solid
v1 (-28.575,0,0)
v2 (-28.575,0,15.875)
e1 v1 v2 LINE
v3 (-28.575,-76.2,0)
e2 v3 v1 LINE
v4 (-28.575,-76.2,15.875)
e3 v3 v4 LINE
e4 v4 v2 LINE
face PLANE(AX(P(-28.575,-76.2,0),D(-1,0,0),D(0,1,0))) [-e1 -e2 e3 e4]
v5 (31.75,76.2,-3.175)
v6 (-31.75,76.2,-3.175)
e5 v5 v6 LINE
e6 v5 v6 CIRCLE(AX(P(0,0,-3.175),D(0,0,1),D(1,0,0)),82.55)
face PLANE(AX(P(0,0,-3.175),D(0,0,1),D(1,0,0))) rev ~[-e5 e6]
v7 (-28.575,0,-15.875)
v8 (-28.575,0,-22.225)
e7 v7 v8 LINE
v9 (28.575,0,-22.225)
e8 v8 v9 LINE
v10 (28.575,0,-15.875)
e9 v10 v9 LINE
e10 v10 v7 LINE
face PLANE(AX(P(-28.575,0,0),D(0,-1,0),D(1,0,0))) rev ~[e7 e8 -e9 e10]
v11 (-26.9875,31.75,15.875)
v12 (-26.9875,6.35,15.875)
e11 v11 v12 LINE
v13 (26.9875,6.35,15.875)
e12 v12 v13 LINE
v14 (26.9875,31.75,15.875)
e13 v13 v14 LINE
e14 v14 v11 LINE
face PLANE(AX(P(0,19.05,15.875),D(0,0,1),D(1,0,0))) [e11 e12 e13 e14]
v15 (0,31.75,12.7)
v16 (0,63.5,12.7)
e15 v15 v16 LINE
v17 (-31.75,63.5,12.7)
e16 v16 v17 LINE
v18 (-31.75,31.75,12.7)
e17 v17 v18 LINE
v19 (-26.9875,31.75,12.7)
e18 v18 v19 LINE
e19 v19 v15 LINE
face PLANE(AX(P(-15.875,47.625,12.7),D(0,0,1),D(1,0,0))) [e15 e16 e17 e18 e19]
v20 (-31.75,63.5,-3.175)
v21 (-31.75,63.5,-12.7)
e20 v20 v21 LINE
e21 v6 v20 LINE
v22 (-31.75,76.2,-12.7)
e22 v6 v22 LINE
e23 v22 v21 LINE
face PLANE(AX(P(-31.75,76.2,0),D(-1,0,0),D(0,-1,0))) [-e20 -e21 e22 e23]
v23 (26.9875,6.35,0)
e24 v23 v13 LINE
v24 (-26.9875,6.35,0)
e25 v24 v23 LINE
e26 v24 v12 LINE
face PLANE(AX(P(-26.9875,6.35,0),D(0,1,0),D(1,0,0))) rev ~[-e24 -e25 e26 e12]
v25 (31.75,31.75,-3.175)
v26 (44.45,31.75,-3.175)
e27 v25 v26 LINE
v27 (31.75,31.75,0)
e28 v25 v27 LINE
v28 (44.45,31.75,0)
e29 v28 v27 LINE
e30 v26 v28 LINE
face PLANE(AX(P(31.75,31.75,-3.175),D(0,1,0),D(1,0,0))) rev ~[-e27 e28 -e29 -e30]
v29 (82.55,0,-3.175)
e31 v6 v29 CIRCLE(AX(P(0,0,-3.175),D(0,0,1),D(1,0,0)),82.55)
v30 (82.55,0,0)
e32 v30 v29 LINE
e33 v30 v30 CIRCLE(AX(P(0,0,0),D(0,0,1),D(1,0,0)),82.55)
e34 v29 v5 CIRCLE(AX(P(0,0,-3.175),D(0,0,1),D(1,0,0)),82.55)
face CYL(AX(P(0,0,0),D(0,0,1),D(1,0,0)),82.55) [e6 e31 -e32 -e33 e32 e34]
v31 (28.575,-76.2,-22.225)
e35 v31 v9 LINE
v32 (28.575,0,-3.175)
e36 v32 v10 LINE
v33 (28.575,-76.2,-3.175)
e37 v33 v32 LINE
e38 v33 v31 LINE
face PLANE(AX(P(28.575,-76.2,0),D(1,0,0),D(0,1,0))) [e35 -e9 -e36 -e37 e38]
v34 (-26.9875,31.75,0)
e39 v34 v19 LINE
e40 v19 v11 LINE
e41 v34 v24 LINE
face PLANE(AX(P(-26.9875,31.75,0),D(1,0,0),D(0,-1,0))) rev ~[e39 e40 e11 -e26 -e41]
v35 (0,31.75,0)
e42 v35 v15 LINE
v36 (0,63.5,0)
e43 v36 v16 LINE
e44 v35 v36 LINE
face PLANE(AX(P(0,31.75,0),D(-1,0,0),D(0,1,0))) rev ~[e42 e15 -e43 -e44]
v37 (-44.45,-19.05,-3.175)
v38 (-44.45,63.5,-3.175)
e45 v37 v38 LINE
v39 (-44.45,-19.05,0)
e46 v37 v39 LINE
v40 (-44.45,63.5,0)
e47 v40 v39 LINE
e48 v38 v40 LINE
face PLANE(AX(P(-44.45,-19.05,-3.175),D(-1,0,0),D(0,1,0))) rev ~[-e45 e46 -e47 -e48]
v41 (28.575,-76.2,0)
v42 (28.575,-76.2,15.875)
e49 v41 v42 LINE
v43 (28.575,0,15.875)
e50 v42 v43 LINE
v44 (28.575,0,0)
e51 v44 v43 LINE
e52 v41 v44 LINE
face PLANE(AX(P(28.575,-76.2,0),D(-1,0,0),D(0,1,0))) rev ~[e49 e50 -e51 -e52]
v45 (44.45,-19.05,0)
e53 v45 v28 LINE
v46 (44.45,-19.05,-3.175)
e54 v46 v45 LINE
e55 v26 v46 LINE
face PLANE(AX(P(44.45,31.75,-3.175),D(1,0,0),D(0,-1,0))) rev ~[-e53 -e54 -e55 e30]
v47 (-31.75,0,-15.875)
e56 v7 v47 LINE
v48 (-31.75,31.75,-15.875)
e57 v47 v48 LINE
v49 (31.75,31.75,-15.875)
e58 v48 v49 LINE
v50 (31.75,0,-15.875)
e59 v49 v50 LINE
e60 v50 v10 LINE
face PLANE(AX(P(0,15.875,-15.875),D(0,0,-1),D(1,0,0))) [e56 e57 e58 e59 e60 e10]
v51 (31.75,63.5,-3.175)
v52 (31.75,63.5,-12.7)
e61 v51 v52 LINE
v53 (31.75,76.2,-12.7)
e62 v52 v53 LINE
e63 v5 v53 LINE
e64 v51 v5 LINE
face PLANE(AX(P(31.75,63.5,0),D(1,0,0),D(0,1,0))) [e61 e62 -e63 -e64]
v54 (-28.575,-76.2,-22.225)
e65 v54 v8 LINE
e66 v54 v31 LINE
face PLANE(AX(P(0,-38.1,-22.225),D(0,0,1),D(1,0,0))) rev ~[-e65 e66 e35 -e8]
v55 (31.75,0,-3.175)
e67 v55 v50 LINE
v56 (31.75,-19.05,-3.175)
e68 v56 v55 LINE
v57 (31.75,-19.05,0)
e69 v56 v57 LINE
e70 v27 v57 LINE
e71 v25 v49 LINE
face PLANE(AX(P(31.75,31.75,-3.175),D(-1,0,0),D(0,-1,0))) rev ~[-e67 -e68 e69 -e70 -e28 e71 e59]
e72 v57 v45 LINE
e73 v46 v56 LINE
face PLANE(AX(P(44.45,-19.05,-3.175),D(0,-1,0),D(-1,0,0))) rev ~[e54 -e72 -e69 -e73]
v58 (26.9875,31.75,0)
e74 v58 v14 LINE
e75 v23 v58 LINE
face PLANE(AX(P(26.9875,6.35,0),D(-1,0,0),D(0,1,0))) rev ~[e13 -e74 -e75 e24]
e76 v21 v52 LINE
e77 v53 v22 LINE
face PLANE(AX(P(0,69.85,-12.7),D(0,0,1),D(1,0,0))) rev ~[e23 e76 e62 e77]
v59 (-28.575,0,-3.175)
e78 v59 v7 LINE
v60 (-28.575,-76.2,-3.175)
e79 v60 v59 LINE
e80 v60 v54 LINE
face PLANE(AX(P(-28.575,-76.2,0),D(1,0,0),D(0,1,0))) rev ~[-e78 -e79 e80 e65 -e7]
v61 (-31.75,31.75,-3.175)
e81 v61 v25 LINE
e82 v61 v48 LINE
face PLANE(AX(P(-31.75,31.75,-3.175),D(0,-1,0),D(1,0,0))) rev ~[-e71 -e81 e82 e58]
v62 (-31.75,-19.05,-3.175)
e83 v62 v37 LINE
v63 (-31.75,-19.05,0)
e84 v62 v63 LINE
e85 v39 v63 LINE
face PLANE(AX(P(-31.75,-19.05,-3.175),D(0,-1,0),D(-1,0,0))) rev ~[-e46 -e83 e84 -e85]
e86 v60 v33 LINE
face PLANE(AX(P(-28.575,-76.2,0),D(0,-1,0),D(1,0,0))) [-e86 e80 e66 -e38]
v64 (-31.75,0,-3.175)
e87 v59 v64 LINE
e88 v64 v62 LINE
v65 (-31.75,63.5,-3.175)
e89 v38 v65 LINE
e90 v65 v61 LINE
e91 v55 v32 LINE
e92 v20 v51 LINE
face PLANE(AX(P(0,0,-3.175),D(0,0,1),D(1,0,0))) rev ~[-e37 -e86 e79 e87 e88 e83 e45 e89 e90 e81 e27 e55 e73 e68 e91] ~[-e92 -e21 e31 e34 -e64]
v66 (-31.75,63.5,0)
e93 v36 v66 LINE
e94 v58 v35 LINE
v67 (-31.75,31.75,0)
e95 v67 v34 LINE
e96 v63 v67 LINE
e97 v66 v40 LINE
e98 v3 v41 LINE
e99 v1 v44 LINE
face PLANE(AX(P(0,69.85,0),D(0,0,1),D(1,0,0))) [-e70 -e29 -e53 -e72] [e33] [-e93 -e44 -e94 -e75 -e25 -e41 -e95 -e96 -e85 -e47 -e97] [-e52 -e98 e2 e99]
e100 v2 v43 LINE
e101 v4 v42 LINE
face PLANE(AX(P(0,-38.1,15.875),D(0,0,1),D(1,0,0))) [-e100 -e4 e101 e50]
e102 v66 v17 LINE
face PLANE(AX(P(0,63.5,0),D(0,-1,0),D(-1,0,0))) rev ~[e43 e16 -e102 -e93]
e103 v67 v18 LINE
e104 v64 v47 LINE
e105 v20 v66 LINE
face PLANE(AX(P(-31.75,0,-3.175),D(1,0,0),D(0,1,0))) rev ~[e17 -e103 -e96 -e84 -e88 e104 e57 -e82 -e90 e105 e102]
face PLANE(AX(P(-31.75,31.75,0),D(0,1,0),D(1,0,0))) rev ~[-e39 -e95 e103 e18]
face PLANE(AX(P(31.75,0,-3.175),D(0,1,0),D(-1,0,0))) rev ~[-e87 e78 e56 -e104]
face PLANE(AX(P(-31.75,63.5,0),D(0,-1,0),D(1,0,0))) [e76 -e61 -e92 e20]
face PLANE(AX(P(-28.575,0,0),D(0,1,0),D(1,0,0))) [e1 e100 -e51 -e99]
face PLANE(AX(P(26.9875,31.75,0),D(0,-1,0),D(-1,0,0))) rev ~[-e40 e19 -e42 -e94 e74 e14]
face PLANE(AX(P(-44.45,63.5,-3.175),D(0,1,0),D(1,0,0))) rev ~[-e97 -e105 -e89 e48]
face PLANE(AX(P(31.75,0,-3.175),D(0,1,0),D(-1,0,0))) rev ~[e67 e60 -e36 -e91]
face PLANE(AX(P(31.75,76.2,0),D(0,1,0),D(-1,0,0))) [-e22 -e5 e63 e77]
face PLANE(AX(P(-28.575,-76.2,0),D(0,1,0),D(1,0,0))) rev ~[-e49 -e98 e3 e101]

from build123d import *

# Parameters (mm, degrees)
F0_R      = 82.55
F2_DEPTH  = 3.175
F1_W      = 57.15
F1_H      = 76.2
F3_DEPTH  = 15.875
F4_DEPTH  = 22.225
F5_DEPTH  = 12.7
F6_DEPTH  = 12.7
F7_DEPTH  = 15.875
F9_DEPTH  = 12.7
F10_DEPTH = 25.4


with BuildPart() as f2:
    # F0 (on Top) → F2 (new body)
    with BuildSketch(Plane.XY):
        Circle(F0_R)
    extrude(amount=-F2_DEPTH)

    # F1 (on Top) → F3 (join)
    with BuildSketch(Plane.XY):
        with Locations((0, -38.1)):
            Rectangle(F1_W, F1_H)
    extrude(amount=F3_DEPTH)

    # F1 (on Top) → F4 (join)
    with BuildSketch(Plane.XY):
        with Locations((0, -38.1)):
            Rectangle(F1_W, F1_H)
    extrude(amount=-F4_DEPTH)

    # F1 (on Top) → F5 (join)
    with BuildSketch(Plane.XY):
        Polygon((-31.75, 76.2), (-31.75, 63.5), (0, 63.5), (31.75, 63.5), (31.75, 76.2), align=None)
    extrude(amount=-F5_DEPTH)

    # F1 (on Top) → F6 (join)
    with BuildSketch(Plane.XY):
        Polygon((0, 63.5), (-31.75, 63.5), (-31.75, 31.75), (-26.9875, 31.75), (0, 31.75), align=None)
    extrude(amount=F6_DEPTH)

    # F1 (on Top) → F7 (join)
    with BuildSketch(Plane.XY):
        Polygon((26.9875, 31.75), (0, 31.75), (-26.9875, 31.75), (-26.9875, 6.35), (26.9875, 6.35), align=None)
    extrude(amount=F7_DEPTH)

    # F8 (on face) → F9 (join)
    with BuildSketch(Plane(origin=(0, 0, -3.175), x_dir=(1, 0, 0), z_dir=(0, 0, -1))):
        Polygon((-28.575, 0), (-31.75, 0), (-31.75, -31.75), (31.75, -31.75), (31.75, 0), (28.575, 0), align=None)
    extrude(amount=F9_DEPTH)

    # F8 (on face) → F10 (cut)
    with BuildSketch(Plane(origin=(0, 0, -3.175), x_dir=(1, 0, 0), z_dir=(0, 0, -1))):
        Polygon((31.75, 0), (31.75, -31.75), (44.45, -31.75), (44.45, 19.05), (31.75, 19.05), align=None)
        Polygon((-31.75, -31.75), (-31.75, 0), (-31.75, 19.05), (-44.45, 19.05), (-44.45, -63.5), (-31.75, -63.5), align=None)
    extrude(amount=-F10_DEPTH, mode=Mode.SUBTRACT)


solid = f2.part
